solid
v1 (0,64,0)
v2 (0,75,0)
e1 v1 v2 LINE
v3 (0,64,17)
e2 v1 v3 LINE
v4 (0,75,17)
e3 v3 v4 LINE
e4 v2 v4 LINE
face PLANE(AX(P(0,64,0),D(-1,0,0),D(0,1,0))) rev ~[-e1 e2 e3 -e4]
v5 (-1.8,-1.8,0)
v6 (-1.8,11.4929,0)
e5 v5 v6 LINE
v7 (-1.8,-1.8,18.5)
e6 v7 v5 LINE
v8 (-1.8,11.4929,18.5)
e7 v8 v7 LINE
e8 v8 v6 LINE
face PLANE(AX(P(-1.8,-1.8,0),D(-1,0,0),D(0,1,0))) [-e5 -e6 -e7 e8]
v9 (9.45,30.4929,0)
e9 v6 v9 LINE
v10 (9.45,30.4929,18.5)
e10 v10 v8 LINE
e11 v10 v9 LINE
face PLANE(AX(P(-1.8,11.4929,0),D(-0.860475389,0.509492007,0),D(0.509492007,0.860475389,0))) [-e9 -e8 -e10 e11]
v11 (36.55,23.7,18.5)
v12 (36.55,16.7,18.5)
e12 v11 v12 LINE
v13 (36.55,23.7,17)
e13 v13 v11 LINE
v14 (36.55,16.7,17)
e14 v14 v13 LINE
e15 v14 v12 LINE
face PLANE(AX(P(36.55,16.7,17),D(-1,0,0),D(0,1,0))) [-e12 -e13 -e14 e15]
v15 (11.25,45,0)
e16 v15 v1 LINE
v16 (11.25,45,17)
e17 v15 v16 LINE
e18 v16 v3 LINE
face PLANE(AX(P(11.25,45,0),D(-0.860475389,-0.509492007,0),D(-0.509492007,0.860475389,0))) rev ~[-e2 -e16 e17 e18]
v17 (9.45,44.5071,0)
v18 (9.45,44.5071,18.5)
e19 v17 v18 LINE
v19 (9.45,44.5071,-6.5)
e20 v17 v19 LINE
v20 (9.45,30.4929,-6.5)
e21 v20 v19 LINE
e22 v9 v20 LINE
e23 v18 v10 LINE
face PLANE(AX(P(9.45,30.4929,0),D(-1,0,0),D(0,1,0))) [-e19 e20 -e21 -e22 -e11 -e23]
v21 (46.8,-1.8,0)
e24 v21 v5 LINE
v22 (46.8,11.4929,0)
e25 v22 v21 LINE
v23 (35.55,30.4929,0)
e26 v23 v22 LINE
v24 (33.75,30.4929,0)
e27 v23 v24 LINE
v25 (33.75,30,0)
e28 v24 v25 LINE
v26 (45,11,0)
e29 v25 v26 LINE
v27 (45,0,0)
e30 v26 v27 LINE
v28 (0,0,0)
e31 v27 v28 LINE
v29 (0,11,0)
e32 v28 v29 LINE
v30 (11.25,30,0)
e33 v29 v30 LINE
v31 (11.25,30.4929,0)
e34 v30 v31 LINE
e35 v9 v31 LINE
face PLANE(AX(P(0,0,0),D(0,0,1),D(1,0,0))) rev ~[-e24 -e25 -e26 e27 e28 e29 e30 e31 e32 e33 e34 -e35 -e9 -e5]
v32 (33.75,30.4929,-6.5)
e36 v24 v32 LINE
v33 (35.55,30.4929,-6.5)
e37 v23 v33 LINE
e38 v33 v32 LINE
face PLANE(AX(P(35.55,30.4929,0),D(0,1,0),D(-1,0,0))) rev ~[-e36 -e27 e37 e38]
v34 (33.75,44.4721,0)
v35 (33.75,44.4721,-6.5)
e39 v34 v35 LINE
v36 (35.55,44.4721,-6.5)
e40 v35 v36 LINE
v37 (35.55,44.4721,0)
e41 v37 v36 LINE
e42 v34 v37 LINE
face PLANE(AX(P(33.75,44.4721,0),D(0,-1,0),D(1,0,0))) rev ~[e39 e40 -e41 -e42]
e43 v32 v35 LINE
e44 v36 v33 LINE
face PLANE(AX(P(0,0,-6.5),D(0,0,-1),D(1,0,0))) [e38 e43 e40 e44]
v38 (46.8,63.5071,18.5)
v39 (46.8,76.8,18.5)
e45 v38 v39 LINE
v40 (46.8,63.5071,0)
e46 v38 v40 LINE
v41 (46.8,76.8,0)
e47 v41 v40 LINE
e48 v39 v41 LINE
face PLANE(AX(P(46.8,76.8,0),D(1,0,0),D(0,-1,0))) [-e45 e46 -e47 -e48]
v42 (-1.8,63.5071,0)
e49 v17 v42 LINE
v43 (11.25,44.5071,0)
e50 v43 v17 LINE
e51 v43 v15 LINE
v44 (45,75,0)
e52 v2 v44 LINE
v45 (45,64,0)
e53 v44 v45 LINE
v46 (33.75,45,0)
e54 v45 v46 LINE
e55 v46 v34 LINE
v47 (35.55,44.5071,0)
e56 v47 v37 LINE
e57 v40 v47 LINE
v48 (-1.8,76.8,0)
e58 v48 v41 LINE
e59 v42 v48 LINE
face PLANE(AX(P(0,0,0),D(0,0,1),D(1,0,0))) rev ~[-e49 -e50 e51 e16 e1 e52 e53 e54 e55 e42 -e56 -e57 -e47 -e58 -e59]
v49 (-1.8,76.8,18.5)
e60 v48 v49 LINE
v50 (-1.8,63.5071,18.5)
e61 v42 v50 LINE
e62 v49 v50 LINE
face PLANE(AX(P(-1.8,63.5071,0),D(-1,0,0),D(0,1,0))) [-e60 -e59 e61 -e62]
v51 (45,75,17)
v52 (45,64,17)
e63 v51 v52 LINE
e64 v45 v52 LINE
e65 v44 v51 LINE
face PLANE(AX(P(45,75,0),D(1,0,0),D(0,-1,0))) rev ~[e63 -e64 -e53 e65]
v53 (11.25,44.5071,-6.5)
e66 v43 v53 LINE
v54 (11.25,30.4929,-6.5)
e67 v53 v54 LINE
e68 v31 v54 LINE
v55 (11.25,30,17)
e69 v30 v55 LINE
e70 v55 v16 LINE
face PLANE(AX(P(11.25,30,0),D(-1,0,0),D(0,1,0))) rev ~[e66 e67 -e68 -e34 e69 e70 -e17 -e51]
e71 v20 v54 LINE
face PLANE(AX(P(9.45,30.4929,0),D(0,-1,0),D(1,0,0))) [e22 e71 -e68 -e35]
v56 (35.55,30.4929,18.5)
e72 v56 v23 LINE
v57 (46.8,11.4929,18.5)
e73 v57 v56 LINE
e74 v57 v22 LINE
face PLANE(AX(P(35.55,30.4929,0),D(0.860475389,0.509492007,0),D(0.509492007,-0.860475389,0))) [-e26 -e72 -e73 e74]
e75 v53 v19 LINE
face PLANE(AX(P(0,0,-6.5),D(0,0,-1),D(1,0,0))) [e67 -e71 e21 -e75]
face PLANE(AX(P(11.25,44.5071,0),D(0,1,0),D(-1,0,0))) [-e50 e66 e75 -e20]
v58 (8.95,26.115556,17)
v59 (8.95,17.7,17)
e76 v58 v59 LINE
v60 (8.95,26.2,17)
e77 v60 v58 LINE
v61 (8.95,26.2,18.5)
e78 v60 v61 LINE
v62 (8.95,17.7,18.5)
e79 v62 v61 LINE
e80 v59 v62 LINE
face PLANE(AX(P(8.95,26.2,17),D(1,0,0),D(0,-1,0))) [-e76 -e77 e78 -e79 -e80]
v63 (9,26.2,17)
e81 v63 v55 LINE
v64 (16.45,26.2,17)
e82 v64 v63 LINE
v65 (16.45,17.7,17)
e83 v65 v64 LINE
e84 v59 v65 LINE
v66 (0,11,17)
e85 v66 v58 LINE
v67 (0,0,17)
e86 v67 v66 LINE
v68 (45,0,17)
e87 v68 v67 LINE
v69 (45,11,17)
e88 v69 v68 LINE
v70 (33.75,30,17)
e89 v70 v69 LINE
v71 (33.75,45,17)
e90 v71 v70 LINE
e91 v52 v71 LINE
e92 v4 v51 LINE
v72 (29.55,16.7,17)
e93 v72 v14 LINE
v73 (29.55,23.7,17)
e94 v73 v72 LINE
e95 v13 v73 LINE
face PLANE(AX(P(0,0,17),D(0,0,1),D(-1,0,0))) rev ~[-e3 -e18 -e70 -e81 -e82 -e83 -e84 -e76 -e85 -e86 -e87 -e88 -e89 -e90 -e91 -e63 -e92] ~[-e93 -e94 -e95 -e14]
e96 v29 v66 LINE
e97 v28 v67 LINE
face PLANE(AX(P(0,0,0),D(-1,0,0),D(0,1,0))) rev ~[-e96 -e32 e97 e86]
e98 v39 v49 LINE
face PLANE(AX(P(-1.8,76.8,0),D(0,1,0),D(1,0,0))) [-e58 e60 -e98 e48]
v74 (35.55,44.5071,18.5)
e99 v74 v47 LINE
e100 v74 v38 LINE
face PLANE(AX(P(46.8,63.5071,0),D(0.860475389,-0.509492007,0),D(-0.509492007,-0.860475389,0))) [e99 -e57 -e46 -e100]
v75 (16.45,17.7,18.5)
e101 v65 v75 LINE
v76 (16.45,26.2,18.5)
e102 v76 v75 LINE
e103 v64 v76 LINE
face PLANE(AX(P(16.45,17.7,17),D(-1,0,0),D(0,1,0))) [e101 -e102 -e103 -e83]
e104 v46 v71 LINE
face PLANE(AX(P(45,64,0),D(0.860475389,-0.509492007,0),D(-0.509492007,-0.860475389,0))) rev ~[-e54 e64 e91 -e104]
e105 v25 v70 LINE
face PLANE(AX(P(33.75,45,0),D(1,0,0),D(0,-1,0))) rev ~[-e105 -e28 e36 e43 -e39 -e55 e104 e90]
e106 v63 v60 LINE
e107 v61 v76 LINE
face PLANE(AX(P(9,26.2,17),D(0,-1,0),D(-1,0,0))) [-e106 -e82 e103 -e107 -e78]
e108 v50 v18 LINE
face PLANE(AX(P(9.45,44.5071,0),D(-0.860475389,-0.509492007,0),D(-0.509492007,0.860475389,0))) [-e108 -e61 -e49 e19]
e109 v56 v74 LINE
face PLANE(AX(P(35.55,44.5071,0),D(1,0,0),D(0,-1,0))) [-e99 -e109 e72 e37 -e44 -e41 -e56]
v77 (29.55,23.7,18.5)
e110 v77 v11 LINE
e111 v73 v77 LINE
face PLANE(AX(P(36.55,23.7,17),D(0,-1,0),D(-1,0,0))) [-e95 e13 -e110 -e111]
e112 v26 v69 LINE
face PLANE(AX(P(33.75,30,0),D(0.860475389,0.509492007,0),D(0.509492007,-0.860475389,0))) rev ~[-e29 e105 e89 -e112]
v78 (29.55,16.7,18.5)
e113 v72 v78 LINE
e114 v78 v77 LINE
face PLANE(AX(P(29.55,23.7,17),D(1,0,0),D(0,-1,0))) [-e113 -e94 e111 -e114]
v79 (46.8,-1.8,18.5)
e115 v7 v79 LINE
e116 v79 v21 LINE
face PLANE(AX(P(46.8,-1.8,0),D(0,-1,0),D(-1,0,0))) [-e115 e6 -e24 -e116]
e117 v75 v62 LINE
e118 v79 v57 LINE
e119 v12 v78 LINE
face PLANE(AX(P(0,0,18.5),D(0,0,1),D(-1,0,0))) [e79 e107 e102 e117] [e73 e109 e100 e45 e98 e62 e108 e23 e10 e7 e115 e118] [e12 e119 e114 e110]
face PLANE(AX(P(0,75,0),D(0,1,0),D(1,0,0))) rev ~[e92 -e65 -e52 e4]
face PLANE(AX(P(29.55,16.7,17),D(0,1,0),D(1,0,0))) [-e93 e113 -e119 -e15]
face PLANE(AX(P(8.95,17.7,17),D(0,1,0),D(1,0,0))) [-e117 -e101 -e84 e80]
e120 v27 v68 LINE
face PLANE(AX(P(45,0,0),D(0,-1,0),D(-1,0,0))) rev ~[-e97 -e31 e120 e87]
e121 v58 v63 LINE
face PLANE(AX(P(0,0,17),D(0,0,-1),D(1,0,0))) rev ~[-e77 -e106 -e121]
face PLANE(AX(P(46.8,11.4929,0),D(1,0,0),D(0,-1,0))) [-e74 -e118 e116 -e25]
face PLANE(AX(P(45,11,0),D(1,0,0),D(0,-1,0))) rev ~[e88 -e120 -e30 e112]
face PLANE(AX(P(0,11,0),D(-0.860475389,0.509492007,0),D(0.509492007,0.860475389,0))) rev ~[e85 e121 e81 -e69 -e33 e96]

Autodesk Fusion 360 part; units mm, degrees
sketch "Sketch1" plane through (0, 0, 0) normal (0, 0, 1) x (1, 0, 0)
  line L0 (0, 0) -> (0, 11)
  line L1 (0, 11) -> (11.25, 30)
  line L2 (11.25, 30) -> (11.25, 45)
  line L3 (0, 75) -> (45, 75)
  line L4 (33.75, 45) -> (33.75, 30)
  line L5 (33.75, 30) -> (45, 11)
  line L6 (45, 11) -> (45, 0)
  line L7 (45, 0) -> (0, 0)
  line L8 (11.25, 45) -> (0, 64)
  line L9 (0, 64) -> (0, 75)
  line L10 (45, 75) -> (45, 64)
  line L11 (45, 64) -> (33.75, 45)
  line L12 (-1.8, 76.8) -> (46.8, 76.8)
  line L13 (46.8, 76.8) -> (46.8, 63.5071)
  line L14 (46.8, 63.5071) -> (35.55, 44.5071)
  line L15 (35.55, 44.5071) -> (35.55, 30.4929)
  line L16 (35.55, 30.4929) -> (46.8, 11.4929)
  line L17 (46.8, 11.4929) -> (46.8, -1.8)
  line L18 (46.8, -1.8) -> (-1.8, -1.8)
  line L19 (-1.8, -1.8) -> (-1.8, 11.4929)
  line L20 (-1.8, 11.4929) -> (9.45, 30.4929)
  line L21 (9.45, 30.4929) -> (9.45, 44.5071)
  line L22 (9.45, 44.5071) -> (-1.8, 63.5071)
  line L23 (-1.8, 63.5071) -> (-1.8, 76.8)
  dimension "d1" = 75
  dimension "d2" = 45
  dimension "d3" = 45
  dimension "d4" = 11
  dimension "d5" = 11
  dimension "d7" = 30
  dimension "d8" = 30
  dimension "d9" = 30
  dimension "d10" = 30
  dimension "d13" = 11.25
  dimension "d14" = 90
  dimension "d15" = 11
  dimension "d16" = 11
  dimension "d17" = 11.25
  dimension "d18" = 11.25
  dimension "d19" = 1.8
  dimension "d20" = 1.8
  dimension "d21" = 1.8
  dimension "d22" = 1.8
  dimension "d24" = 1.8
  dimension "d25" = 1.8
  dimension "d26" = 1.8
  dimension "d27" = 1.8
  dimension "d28" = 1.8
  dimension "d29" = 1.8
  dimension "d30" = 1.8
  dimension "d31" = 1.8
extrude "Extrude1" add sketch "Sketch1" along normal blind 17
sketch "Sketch2" plane through (0, 0, 17) normal (0, 0, 1) x (-1, 0, 0)
  line L0 (-45, -75) -> (-45, -64)
  line L1 (-45, -64) -> (-33.75, -45)
  line L2 (-33.75, -45) -> (-33.75, -30)
  line L3 (-33.75, -30) -> (-45, -11)
  line L4 (-45, -11) -> (-45, 0)
  line L5 (-45, 0) -> (0, 0)
  line L6 (0, 0) -> (0, -11)
  line L7 (0, -11) -> (-11.25, -30)
  line L8 (-11.25, -30) -> (-11.25, -45)
  line L9 (-11.25, -45) -> (0, -64)
  line L10 (0, -64) -> (0, -75)
  line L11 (0, -75) -> (-45, -75)
  line L12 (1.8, -63.5071) -> (-9.45, -44.5071)
  line L13 (-9.45, -44.5071) -> (-9.45, -30.4929)
  line L14 (-9.45, -30.4929) -> (1.8, -11.4929)
  line L15 (1.8, -11.4929) -> (1.8, 1.8)
  line L16 (1.8, 1.8) -> (-46.8, 1.8)
  line L17 (-46.8, 1.8) -> (-46.8, -11.4929)
  line L18 (-46.8, -11.4929) -> (-35.55, -30.4929)
  line L19 (-35.55, -30.4929) -> (-35.55, -44.5071)
  line L20 (-35.55, -44.5071) -> (-46.8, -63.5071)
  line L21 (-46.8, -63.5071) -> (-46.8, -76.8)
  line L22 (-46.8, -76.8) -> (1.8, -76.8)
  line L23 (1.8, -76.8) -> (1.8, -63.5071)
  line L24 (1.8, -76.8) -> (1.8, -63.5071)
  line L25 (-9.45, -44.5071) -> (-9.45, -30.4929)
  line L26 (1.8, -11.4929) -> (1.8, 1.8)
  line L27 (-46.8, 1.8) -> (-46.8, -11.4929)
  line L28 (-35.55, -30.4929) -> (-35.55, -44.5071)
  line L29 (-46.8, -63.5071) -> (-46.8, -76.8)
extrude "Extrude2" add sketch "Sketch2" along normal blind 1.5 contours L0 L1 L2 L3 L4 L5 L6 L7 L8 L9 L10 L11 | L12 L13 L14 L15 L16 L17 L18 L19 L20 L21 L22 L23 L24 L25 L26 L27 L28 L29
sketch "Sketch3" plane through (0, 0, 17) normal (0, 0, -1) x (1, 0, 0)
  line L0 (0, -75) -> (45, -75)
  line L1 (45, -75) -> (45, -64)
  line L2 (45, -64) -> (33.75, -45)
  line L3 (33.75, -45) -> (33.75, -30)
  line L4 (33.75, -30) -> (45, -11)
  line L5 (45, -11) -> (45, 0)
  line L6 (45, 0) -> (0, 0)
  line L7 (0, 0) -> (0, -11)
  line L8 (0, -11) -> (11.25, -30)
  line L9 (11.25, -30) -> (11.25, -45)
  line L10 (11.25, -45) -> (0, -64)
  line L11 (0, -64) -> (0, -75)
  line L12 (8.95, -17.7) -> (16.45, -17.7)
  line L13 (16.45, -17.7) -> (16.45, -26.2)
  line L14 (16.45, -26.2) -> (8.95, -26.2)
  line L15 (8.95, -26.2) -> (8.95, -17.7)
  line L16 (9.45, -30.4929) -> (9.45, -44.5071)
  line L17 (29.55, -16.7) -> (36.55, -16.7)
  line L18 (36.55, -16.7) -> (36.55, -23.7)
  line L19 (36.55, -23.7) -> (29.55, -23.7)
  line L20 (29.55, -23.7) -> (29.55, -16.7)
  line L21 (46.8, 1.8) -> (-1.8, 1.8)
  line L22 (46.8, -11.4929) -> (46.8, 1.8)
  dimension "d37" = 8.5
  dimension "d38" = 7.5
  dimension "d43" = 25.5
  dimension "d44" = 17.25
  dimension "d45" = 7
  dimension "d46" = 7
  dimension "d49" = 0.5
  dimension "d50" = 28
extrude "Extrude3" cut sketch "Sketch3" against normal blind 7 contours L8 L14 L15 | L8 L12 L13 L14 L15 | L17 L18 L19 L20
sketch "Sketch4" plane through (0, 0, 0) normal (0, 0, -1) x (1, 0, 0)
  line L0 (45, -64) -> (45, -75)
  line L1 (45, -75) -> (0, -75)
  line L2 (0, -75) -> (0, -64)
  line L3 (0, -64) -> (11.25, -45)
  line L4 (11.25, -45) -> (11.25, -30)
  line L5 (11.25, -30) -> (0, -11)
  line L6 (0, -11) -> (0, 0)
  line L7 (0, 0) -> (45, 0)
  line L8 (45, 0) -> (45, -11)
  line L9 (45, -11) -> (33.75, -30)
  line L10 (33.75, -30) -> (33.75, -45)
  line L11 (33.75, -45) -> (45, -64)
  line L12 (9.45, -44.5071) -> (-1.8, -63.5071)
  line L13 (-1.8, -63.5071) -> (-1.8, -76.8)
  line L14 (-1.8, -76.8) -> (46.8, -76.8)
  line L15 (46.8, -76.8) -> (46.8, -63.5071)
  line L16 (46.8, -63.5071) -> (35.55, -44.5071)
  line L17 (35.55, -44.5071) -> (35.55, -30.4929)
  line L18 (35.55, -30.4929) -> (46.8, -11.4929)
  line L19 (46.8, -11.4929) -> (46.8, 1.8)
  line L20 (46.8, 1.8) -> (-1.8, 1.8)
  line L21 (-1.8, 1.8) -> (-1.8, -11.4929)
  line L22 (-1.8, -11.4929) -> (9.45, -30.4929)
  line L23 (9.45, -30.4929) -> (9.45, -44.5071)
  line L24 (9.45, -30.4929) -> (11.25, -30.4929)
  line L25 (11.25, -30.4929) -> (11.25, -44.5071)
  line L26 (11.25, -44.5071) -> (9.45, -44.5071)
  line L27 (9.45, -44.5071) -> (9.45, -30.4929)
  line L28 (35.55, -30.4929) -> (33.75, -30.4929)
  line L29 (33.75, -30.4929) -> (33.75, -44.4721)
  line L30 (33.75, -44.4721) -> (35.55, -44.4721)
  line L31 (35.55, -44.4721) -> (35.55, -30.4929)
extrude "Extrude4" add sketch "Sketch4" along normal blind 6.5 contours L10 L17 L28 L29 L30 L31 | L4 L23 L24 L25 L26 L27
